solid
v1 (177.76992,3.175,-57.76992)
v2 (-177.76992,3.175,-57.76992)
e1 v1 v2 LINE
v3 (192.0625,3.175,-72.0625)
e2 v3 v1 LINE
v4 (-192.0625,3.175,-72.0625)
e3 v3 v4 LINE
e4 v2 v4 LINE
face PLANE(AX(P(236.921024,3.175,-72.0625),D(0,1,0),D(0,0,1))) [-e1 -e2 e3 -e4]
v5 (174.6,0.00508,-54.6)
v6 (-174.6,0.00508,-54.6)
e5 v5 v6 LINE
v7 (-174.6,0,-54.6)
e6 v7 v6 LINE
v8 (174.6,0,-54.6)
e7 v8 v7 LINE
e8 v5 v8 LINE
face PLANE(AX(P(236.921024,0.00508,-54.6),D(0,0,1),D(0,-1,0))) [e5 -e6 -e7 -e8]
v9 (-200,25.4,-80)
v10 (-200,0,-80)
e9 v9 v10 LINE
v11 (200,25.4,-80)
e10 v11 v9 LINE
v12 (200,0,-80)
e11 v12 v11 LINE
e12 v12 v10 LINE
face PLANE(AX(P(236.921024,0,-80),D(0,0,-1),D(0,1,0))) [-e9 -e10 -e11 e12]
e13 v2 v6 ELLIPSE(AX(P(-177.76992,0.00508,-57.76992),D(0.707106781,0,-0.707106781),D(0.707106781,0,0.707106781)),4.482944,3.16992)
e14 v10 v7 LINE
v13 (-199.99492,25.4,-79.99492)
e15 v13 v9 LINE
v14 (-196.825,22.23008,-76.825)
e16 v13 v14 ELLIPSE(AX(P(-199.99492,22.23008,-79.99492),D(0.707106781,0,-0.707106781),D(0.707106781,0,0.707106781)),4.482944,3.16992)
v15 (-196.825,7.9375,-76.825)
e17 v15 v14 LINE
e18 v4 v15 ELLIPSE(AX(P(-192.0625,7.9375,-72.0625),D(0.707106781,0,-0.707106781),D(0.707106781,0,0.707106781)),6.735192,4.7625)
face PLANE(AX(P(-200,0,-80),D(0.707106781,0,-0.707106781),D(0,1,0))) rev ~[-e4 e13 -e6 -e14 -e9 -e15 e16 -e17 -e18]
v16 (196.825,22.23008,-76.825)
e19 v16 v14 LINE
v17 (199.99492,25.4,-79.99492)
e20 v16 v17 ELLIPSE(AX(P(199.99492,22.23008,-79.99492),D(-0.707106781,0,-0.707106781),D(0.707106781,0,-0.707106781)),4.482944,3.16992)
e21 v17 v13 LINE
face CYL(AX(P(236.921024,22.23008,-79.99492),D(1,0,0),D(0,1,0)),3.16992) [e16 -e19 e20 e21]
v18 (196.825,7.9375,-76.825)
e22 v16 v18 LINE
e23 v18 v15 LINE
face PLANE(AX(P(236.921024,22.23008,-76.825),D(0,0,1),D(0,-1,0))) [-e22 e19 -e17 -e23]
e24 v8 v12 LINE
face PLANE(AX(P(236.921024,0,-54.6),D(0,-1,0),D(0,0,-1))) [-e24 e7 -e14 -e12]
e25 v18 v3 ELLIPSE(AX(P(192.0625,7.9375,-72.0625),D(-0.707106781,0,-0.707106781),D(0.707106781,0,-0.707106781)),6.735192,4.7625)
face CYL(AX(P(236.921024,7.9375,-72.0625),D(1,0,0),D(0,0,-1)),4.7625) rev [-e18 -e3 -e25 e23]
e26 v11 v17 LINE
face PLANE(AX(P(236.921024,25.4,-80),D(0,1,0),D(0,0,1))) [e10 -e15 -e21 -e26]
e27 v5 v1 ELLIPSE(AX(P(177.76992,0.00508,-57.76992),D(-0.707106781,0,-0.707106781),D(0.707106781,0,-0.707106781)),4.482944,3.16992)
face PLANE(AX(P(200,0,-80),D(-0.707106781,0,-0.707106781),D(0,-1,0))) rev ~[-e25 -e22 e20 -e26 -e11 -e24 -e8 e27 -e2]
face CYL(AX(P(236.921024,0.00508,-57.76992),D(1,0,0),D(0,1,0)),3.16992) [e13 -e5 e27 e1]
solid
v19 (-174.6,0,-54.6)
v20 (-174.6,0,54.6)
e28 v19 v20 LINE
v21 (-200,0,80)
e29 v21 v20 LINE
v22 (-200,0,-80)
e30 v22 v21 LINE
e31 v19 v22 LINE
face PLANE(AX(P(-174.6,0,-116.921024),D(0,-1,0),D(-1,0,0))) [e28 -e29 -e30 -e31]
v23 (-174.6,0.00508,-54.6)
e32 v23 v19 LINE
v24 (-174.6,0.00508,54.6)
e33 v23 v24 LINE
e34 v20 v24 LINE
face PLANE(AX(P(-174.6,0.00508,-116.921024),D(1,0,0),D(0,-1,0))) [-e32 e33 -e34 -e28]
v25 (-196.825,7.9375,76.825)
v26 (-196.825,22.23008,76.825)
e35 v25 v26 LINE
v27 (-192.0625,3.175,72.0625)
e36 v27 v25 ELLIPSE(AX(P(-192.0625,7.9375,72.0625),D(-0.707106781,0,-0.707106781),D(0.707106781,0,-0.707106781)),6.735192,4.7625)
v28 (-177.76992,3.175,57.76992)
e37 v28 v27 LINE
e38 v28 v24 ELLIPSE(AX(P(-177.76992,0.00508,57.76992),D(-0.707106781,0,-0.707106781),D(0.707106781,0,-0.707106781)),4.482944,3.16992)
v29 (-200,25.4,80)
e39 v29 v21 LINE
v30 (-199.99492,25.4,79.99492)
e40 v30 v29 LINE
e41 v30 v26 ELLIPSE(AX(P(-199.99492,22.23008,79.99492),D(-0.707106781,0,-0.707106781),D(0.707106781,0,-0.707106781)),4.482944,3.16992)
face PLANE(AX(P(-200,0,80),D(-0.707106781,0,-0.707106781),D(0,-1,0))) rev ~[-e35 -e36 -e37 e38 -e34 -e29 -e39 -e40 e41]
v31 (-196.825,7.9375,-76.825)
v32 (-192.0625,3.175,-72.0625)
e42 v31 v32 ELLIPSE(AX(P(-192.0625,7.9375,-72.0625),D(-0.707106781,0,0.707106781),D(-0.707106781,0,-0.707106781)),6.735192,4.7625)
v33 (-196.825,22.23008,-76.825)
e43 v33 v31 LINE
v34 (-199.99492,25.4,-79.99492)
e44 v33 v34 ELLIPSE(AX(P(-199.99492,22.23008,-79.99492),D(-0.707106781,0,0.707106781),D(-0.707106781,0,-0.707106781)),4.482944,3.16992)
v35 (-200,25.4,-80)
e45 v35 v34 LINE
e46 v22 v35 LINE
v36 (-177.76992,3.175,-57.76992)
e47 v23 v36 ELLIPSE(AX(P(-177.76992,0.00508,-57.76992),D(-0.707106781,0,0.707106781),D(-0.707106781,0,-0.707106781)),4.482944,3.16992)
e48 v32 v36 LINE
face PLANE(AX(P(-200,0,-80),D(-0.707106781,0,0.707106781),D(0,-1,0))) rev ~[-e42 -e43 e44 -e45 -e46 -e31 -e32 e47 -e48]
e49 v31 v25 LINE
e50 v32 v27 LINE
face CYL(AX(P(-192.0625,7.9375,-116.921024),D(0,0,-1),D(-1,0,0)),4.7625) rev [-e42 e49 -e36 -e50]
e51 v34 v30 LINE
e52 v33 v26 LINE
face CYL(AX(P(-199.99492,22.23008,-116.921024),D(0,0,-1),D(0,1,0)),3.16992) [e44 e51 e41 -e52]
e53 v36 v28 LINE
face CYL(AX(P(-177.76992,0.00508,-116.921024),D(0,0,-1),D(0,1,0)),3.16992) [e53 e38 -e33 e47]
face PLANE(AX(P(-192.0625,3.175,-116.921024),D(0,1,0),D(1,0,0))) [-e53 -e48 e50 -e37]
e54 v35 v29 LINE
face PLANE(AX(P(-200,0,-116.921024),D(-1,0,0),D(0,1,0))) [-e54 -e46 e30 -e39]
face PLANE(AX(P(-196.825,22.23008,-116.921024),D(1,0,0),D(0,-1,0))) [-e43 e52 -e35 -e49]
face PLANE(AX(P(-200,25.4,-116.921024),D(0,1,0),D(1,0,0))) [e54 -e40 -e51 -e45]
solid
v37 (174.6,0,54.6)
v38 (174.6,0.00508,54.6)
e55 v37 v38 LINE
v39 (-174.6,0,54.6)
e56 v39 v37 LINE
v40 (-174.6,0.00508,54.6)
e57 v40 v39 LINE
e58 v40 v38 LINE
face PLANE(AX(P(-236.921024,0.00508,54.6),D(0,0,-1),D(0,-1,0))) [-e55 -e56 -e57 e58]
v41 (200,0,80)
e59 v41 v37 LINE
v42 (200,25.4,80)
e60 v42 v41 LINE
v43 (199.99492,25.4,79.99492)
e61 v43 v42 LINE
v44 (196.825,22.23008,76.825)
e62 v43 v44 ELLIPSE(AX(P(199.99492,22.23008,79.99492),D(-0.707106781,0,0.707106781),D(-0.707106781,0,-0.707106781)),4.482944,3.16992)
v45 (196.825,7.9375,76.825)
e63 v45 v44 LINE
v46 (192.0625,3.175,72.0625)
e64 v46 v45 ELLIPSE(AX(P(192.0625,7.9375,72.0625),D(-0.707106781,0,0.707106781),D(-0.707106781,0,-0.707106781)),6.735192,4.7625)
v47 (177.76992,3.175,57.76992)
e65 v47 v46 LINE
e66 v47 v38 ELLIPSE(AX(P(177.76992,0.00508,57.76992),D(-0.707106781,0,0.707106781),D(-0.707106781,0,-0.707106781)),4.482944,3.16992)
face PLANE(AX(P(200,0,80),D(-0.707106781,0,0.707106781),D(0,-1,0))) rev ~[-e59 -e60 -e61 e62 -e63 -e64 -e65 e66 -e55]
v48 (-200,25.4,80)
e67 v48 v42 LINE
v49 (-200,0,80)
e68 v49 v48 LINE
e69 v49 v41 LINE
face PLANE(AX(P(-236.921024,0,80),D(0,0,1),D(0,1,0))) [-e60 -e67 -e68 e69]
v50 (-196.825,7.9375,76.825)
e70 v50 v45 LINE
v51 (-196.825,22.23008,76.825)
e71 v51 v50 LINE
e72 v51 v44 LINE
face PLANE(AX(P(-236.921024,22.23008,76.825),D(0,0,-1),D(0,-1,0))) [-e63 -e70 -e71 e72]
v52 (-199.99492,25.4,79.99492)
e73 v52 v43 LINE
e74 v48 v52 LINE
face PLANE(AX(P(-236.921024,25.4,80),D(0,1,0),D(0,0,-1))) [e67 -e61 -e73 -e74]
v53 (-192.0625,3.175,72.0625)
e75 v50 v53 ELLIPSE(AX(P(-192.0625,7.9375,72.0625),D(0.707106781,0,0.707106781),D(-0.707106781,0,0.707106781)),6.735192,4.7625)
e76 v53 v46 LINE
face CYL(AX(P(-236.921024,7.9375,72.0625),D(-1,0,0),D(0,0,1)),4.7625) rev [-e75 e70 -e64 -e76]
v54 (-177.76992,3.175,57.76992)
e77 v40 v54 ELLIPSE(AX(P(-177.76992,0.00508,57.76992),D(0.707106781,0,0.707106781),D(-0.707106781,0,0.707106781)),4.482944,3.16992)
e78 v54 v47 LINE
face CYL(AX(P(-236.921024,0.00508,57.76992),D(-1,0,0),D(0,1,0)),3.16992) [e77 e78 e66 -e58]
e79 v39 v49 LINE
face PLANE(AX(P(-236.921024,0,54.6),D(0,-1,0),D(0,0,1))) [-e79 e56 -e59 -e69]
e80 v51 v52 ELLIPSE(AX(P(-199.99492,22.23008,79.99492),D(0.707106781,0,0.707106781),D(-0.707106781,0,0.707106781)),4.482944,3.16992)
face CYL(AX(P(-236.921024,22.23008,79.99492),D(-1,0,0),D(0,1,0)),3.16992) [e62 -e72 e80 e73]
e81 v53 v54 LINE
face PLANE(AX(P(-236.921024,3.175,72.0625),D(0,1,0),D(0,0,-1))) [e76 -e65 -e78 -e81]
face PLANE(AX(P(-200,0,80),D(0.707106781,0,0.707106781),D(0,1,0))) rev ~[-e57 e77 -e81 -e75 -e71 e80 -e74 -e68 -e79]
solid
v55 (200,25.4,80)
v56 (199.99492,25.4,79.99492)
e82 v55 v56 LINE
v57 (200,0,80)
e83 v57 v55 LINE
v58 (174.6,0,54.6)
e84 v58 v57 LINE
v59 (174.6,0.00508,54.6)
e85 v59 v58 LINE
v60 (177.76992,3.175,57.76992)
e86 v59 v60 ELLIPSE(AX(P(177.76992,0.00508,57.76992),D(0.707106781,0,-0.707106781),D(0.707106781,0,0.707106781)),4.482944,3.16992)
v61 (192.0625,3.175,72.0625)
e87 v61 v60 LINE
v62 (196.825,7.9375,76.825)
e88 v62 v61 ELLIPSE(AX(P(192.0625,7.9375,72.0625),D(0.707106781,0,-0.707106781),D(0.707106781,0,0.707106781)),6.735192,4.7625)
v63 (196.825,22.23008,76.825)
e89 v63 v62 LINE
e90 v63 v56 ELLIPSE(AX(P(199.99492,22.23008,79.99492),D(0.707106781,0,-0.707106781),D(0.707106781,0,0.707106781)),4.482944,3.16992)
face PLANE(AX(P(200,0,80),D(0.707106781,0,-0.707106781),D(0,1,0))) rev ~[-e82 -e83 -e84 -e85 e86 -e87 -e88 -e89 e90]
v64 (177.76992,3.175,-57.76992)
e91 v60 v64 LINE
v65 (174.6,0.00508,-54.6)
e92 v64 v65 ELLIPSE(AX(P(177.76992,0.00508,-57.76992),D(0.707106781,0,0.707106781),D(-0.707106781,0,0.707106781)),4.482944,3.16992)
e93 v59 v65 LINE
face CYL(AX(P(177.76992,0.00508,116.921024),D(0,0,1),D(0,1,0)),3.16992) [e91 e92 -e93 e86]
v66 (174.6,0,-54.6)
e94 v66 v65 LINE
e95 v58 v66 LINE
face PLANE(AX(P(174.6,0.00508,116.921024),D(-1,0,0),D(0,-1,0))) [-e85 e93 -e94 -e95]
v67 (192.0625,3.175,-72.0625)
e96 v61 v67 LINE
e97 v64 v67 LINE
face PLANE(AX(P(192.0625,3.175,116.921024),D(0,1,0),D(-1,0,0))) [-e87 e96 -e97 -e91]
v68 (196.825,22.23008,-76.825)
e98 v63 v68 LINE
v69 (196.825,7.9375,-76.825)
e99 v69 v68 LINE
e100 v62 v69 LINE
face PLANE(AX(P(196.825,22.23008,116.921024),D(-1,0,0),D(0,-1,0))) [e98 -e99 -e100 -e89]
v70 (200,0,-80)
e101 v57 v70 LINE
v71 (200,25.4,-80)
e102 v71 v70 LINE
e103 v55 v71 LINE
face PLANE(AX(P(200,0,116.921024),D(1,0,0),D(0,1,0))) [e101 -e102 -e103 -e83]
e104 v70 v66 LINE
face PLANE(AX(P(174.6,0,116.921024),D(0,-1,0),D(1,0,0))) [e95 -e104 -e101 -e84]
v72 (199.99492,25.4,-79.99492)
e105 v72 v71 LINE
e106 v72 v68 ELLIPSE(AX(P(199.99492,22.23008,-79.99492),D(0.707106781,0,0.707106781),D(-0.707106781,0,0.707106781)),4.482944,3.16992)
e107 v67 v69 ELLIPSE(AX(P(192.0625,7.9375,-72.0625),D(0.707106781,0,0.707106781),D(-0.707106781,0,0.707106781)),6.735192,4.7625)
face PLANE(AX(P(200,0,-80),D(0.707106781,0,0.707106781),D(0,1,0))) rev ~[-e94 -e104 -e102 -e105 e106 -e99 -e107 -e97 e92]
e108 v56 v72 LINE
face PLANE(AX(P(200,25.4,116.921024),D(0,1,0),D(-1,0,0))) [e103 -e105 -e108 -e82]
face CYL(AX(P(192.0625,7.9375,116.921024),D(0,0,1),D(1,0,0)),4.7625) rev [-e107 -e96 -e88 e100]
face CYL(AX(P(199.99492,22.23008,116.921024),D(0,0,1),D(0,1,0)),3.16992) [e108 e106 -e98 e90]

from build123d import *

# Parameters (mm, degrees)
HIERRO_ANGULAR_1_X_1_X_0_125_1_DEPTH      = 436.921024484
HIERRO_ANGULAR_1_X_1_X_0_125_1_DEPTH_BACK = 36.921024484
HIERRO_ANGULAR_1_X_1_X_0_125_1_2_DEPTH    = 233.842048969
HIERRO_ANGULAR_1_X_1_X_0_125_1_3_DEPTH    = 473.842048969
HIERRO_ANGULAR_1_X_1_X_0_125_1_4_DEPTH    = 233.842048969


with BuildPart() as part:
    # Sketch1 → Hierro angular 1 X 1 X 0.125(1) (new, two sides: drawn at the far end of the back side and taken through both)
    with BuildSketch(Plane(origin=(200, 0, -80), x_dir=(0, 0, 1), z_dir=(-1, 0, 0)).offset(-HIERRO_ANGULAR_1_X_1_X_0_125_1_DEPTH_BACK)):
        with BuildLine():
            Line((0, 0), (0, 25.4))
            Line((0, 25.4), (0.00508, 25.4))
            ThreePointArc((0.00508, 25.4), (2.246551928, 24.471551928), (3.175, 22.23008))
            Line((3.175, 22.23008), (3.175, 7.9375))
            ThreePointArc((3.175, 7.9375), (4.569903955, 4.569903955), (7.9375, 3.175))
            Line((7.9375, 3.175), (22.23008, 3.175))
            ThreePointArc((22.23008, 3.175), (24.471551928, 2.246551928), (25.4, 0.00508))
            Line((25.4, 0.00508), (25.4, 0))
            Line((25.4, 0), (0, 0))
        make_face()
    extrude(amount=HIERRO_ANGULAR_1_X_1_X_0_125_1_DEPTH + HIERRO_ANGULAR_1_X_1_X_0_125_1_DEPTH_BACK)

    # Hierro angular 1 X 1 X 0.125(1) mitre 1
    split(bisect_by=Plane(origin=(200, 0, -80), x_dir=(0, -1, 0), z_dir=(-0.707106781, 0, -0.707106781)), keep=Keep.TOP)

    # Hierro angular 1 X 1 X 0.125(1) mitre 2
    split(bisect_by=Plane(origin=(-200, 0, -80), x_dir=(0, 1, 0), z_dir=(0.707106781, 0, -0.707106781)), keep=Keep.TOP)


with BuildPart() as body_2:
    # Sketch1 on segment 2 (carried to segment 2) → Hierro angular 1 X 1 X 0.125_1 2 (new body)
    with BuildSketch(Plane(origin=(-200, 0, -116.921024484), x_dir=(1, 0, 0), z_dir=(0, 0, 1))):
        with BuildLine():
            Line((0, 0), (0, 25.4))
            Line((0, 25.4), (0.00508, 25.4))
            ThreePointArc((0.00508, 25.4), (2.246551928, 24.471551928), (3.175, 22.23008))
            Line((3.175, 22.23008), (3.175, 7.9375))
            ThreePointArc((3.175, 7.9375), (4.569903955, 4.569903955), (7.9375, 3.175))
            Line((7.9375, 3.175), (22.23008, 3.175))
            ThreePointArc((22.23008, 3.175), (24.471551928, 2.246551928), (25.4, 0.00508))
            Line((25.4, 0.00508), (25.4, 0))
            Line((25.4, 0), (0, 0))
        make_face()
    extrude(amount=HIERRO_ANGULAR_1_X_1_X_0_125_1_2_DEPTH)

    # Hierro angular 1 X 1 X 0.125_1 2 mitre 1
    split(bisect_by=Plane(origin=(-200, 0, 80), x_dir=(0, -1, 0), z_dir=(-0.707106781, 0, -0.707106781)), keep=Keep.TOP)

    # Hierro angular 1 X 1 X 0.125_1 2 mitre 2
    split(bisect_by=Plane(origin=(-200, 0, -80), x_dir=(0, -1, 0), z_dir=(-0.707106781, 0, 0.707106781)), keep=Keep.TOP)


with BuildPart() as body_3:
    # Sketch1 on segment 3 (carried to segment 3) → Hierro angular 1 X 1 X 0.125_1 3 (new body)
    with BuildSketch(Plane(origin=(-236.921024484, 0, 80), x_dir=(0, 0, -1), z_dir=(1, 0, 0))):
        with BuildLine():
            Line((0, 0), (0, 25.4))
            Line((0, 25.4), (0.00508, 25.4))
            ThreePointArc((0.00508, 25.4), (2.246551928, 24.471551928), (3.175, 22.23008))
            Line((3.175, 22.23008), (3.175, 7.9375))
            ThreePointArc((3.175, 7.9375), (4.569903955, 4.569903955), (7.9375, 3.175))
            Line((7.9375, 3.175), (22.23008, 3.175))
            ThreePointArc((22.23008, 3.175), (24.471551928, 2.246551928), (25.4, 0.00508))
            Line((25.4, 0.00508), (25.4, 0))
            Line((25.4, 0), (0, 0))
        make_face()
    extrude(amount=HIERRO_ANGULAR_1_X_1_X_0_125_1_3_DEPTH)

    # Hierro angular 1 X 1 X 0.125_1 3 mitre 1
    split(bisect_by=Plane(origin=(200, 0, 80), x_dir=(0, -1, 0), z_dir=(-0.707106781, 0, 0.707106781)), keep=Keep.TOP)

    # Hierro angular 1 X 1 X 0.125_1 3 mitre 2
    split(bisect_by=Plane(origin=(-200, 0, 80), x_dir=(0, 1, 0), z_dir=(0.707106781, 0, 0.707106781)), keep=Keep.TOP)


with BuildPart() as body_4:
    # Sketch1 on segment 4 (carried to segment 4) → Hierro angular 1 X 1 X 0.125_1 4 (new body)
    with BuildSketch(Plane(origin=(200, 0, 116.921024484), x_dir=(-1, 0, 0), z_dir=(0, 0, -1))):
        with BuildLine():
            Line((0, 0), (0, 25.4))
            Line((0, 25.4), (0.00508, 25.4))
            ThreePointArc((0.00508, 25.4), (2.246551928, 24.471551928), (3.175, 22.23008))
            Line((3.175, 22.23008), (3.175, 7.9375))
            ThreePointArc((3.175, 7.9375), (4.569903955, 4.569903955), (7.9375, 3.175))
            Line((7.9375, 3.175), (22.23008, 3.175))
            ThreePointArc((22.23008, 3.175), (24.471551928, 2.246551928), (25.4, 0.00508))
            Line((25.4, 0.00508), (25.4, 0))
            Line((25.4, 0), (0, 0))
        make_face()
    extrude(amount=HIERRO_ANGULAR_1_X_1_X_0_125_1_4_DEPTH)

    # Hierro angular 1 X 1 X 0.125_1 4 mitre 1
    split(bisect_by=Plane(origin=(200, 0, 80), x_dir=(0, 1, 0), z_dir=(0.707106781, 0, -0.707106781)), keep=Keep.TOP)

    # Hierro angular 1 X 1 X 0.125_1 4 mitre 2
    split(bisect_by=Plane(origin=(200, 0, -80), x_dir=(0, 1, 0), z_dir=(0.707106781, 0, 0.707106781)), keep=Keep.TOP)


solid = Compound([part.part, body_2.part, body_3.part, body_4.part])
